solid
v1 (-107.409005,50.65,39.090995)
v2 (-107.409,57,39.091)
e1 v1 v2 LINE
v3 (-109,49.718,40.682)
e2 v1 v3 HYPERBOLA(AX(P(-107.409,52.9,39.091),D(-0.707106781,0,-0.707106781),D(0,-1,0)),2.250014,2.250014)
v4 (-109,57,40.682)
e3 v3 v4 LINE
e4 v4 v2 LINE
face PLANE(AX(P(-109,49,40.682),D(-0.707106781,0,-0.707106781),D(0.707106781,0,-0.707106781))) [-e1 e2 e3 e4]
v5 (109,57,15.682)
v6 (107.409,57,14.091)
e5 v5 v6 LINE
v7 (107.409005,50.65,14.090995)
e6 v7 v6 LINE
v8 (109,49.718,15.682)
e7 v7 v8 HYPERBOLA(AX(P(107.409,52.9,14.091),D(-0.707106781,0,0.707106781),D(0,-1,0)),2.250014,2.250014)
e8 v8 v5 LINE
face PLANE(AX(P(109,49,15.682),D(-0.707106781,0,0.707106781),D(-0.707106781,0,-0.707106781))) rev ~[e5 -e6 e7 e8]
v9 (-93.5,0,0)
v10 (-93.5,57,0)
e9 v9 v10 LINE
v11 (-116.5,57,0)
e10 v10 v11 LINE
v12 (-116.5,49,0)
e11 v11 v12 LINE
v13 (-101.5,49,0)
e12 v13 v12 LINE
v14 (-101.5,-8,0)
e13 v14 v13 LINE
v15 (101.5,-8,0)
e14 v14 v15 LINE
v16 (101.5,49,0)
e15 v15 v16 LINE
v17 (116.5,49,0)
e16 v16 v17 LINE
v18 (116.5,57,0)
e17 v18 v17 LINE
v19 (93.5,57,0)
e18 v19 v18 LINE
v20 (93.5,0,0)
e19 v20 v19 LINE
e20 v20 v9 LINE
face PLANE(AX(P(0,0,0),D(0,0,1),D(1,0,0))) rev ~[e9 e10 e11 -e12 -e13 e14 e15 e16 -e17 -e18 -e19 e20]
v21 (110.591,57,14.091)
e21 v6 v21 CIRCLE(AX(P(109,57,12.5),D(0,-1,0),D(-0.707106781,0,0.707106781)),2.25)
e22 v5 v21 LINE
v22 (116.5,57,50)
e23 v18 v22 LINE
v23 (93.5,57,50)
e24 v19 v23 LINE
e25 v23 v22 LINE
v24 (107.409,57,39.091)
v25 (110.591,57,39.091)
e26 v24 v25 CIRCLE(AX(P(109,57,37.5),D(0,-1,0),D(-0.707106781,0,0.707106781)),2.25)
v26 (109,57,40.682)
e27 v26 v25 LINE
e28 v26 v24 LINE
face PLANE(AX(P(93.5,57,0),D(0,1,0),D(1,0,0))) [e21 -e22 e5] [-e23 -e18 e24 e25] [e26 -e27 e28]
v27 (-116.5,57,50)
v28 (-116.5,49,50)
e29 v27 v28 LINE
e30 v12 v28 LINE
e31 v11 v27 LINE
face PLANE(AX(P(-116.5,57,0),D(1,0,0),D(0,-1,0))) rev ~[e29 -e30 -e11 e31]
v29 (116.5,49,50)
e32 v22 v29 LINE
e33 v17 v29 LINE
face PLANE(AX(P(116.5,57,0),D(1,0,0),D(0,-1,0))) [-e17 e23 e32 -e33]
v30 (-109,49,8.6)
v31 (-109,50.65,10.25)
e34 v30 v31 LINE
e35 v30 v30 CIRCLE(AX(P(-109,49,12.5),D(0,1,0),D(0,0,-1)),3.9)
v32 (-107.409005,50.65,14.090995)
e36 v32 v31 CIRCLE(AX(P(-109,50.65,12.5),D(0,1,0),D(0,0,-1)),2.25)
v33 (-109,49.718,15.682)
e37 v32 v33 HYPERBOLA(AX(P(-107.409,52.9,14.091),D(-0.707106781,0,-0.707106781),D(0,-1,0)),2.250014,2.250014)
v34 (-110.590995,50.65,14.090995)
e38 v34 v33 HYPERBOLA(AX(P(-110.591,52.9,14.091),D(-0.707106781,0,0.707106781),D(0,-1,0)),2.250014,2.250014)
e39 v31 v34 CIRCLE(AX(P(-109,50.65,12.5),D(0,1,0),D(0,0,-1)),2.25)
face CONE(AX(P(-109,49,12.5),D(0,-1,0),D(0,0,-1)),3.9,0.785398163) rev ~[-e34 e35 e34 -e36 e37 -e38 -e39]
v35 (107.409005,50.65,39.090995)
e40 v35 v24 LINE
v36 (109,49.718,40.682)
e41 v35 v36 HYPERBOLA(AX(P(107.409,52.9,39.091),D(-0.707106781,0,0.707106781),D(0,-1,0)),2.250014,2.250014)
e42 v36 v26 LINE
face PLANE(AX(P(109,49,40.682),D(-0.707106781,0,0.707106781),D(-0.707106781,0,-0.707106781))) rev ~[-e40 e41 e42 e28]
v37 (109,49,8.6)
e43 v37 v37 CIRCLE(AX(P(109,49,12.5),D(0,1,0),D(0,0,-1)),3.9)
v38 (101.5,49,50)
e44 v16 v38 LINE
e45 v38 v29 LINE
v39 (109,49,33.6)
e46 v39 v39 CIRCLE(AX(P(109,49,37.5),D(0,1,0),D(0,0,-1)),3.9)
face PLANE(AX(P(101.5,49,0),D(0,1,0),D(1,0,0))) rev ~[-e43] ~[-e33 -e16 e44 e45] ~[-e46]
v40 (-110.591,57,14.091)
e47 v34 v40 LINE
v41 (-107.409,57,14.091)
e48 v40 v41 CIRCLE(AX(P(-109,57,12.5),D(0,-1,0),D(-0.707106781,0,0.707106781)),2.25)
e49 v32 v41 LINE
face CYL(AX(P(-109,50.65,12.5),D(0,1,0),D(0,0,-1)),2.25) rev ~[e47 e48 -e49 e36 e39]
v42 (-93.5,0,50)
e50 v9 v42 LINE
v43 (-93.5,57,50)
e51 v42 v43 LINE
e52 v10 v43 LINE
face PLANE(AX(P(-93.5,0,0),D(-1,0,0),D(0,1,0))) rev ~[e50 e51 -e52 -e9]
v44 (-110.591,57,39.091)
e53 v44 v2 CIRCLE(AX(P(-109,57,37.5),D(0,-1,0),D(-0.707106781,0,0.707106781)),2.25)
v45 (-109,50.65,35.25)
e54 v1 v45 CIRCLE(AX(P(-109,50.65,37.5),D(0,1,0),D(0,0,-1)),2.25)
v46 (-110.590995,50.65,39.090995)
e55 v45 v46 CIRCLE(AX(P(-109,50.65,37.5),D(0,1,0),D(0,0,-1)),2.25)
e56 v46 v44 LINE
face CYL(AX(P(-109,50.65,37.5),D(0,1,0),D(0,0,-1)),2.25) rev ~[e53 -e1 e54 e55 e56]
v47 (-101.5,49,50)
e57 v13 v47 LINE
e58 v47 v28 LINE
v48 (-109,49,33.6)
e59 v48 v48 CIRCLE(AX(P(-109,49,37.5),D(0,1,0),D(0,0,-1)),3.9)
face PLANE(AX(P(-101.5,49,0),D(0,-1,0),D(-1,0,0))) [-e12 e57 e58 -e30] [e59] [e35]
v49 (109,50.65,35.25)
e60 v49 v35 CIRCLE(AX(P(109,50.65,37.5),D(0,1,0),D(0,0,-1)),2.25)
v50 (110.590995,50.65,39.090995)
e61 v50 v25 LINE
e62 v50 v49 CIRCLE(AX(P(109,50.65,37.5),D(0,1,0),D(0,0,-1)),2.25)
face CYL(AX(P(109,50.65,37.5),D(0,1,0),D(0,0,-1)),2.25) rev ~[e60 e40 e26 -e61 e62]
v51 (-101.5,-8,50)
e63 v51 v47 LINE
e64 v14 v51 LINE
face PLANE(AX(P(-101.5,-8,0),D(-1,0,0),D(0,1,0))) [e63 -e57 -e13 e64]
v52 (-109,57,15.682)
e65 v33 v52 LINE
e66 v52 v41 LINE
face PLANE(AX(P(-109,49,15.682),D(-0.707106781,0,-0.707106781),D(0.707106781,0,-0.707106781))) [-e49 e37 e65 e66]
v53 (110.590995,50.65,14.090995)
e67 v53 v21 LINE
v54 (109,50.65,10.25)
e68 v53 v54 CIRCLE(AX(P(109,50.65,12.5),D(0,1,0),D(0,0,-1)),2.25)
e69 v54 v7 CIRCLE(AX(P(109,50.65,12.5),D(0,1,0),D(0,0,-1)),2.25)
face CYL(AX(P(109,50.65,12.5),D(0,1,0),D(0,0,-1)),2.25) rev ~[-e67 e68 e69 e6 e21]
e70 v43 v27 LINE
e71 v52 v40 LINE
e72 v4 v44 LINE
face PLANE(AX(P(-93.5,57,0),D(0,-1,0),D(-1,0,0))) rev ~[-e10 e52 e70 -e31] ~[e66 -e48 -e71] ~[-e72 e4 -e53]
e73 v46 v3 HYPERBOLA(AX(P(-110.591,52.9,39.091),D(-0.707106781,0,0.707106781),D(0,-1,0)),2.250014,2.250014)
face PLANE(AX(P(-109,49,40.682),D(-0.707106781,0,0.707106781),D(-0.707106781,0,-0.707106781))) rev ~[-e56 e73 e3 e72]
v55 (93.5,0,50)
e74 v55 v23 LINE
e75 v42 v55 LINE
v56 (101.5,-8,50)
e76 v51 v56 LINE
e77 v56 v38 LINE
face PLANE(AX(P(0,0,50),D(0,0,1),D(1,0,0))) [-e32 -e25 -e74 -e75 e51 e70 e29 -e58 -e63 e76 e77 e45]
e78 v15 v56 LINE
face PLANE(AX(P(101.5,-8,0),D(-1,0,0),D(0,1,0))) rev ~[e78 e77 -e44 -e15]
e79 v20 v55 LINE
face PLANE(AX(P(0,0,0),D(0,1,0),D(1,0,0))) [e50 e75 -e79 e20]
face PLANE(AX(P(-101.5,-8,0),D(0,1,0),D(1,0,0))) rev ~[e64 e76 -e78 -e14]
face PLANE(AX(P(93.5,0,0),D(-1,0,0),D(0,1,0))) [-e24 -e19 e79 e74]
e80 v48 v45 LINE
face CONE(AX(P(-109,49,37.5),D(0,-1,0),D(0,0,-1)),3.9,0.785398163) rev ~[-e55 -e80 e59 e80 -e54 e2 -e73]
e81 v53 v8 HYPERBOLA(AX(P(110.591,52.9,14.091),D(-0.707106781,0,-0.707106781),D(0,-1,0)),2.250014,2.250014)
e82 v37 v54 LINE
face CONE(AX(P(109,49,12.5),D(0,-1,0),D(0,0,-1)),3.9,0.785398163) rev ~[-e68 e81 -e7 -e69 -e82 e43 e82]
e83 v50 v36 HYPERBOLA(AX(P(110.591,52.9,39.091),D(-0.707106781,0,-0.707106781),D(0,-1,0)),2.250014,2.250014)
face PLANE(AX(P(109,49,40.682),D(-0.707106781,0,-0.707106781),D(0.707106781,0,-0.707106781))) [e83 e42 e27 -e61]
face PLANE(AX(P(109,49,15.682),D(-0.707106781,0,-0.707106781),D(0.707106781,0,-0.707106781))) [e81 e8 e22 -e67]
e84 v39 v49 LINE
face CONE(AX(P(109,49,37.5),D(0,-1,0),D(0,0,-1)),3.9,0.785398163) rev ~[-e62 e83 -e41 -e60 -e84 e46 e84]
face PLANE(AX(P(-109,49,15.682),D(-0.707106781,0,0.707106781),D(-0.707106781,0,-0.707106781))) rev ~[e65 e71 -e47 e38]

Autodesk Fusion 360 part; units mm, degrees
sketch "Outline" plane through (0, 0, 0) normal (0, 0, 1) x (1, 0, 0)
  line L0 (0, 0) -> (0, 56.9537) construction
  line L1 (0, 0) -> (93.5, 0)
  line L2 (93.5, 0) -> (93.5, 57)
  line L3 (93.5, 57) -> (116.5, 57)
  line L4 (116.5, 57) -> (116.5, 49)
  line L5 (-93.5, 57) -> (-116.5, 57)
  line L6 (-93.5, 0) -> (-93.5, 57)
  line L7 (0, 0) -> (-93.5, 0)
  line L8 (-101.5, -8) -> (-101.5, 49)
  line L9 (-101.5, 49) -> (-116.5, 49)
  line L10 (-116.5, 57) -> (-116.5, 49)
  line L11 (101.5, -8) -> (101.5, 49)
  line L12 (101.5, 49) -> (116.5, 49)
  line L13 (-101.5, -8) -> (101.5, -8)
  dimension "d2" = 187
  dimension "d3" = 57
  dimension "d6" = 23
  dimension "d8" = 8
  dimension "d9" = 8
  dimension "d10" = 8
extrude "Extrude1" add sketch "Outline" along normal blind 50
sketch "Holes for Mounting" plane through (0, 49, 0) normal (0, -1, 0) x (1, 0, 0)
  line L0 (-116.5, 0) -> (-101.5, 0)
  line L1 (-101.5, 0) -> (-101.5, 50)
  line L2 (-101.5, 50) -> (-116.5, 50)
  line L3 (-116.5, 50) -> (-116.5, 0)
  line L4 (101.5, 0) -> (116.5, 0)
  line L5 (116.5, 0) -> (116.5, 50)
  line L6 (116.5, 50) -> (101.5, 50)
  line L7 (101.5, 50) -> (101.5, 0)
  line L8 (0, 0) -> (0, 29.5518) construction
  line L9 (-109, 50) -> (-109, 0) construction
  circle A0 centre (-109, 12.5) radius 4
  line L10 (-116.5, 25) -> (-101.5, 25) construction
  circle A1 centre (-109, 37.5) radius 4
  circle A2 centre (109, 12.5) radius 4
  circle A3 centre (109, 37.5) radius 4
  dimension "d13" = 25
  dimension "d14" = 8
hole "Hole1" at (-109, 49, 12.5) at (-109, 49, 37.5) at (109, 49, 12.5) at (109, 49, 37.5) direction (0, 1, 0) diameter 4.5 depth 15 tip angle 118 countersink diameter 7.8 countersink angle 90
sketch "Make those holes 3d printable" plane through (0, 49, 0) normal (0, -1, 0) x (1, 0, 0)
  circle A0 centre (-109, 37.5) radius 2.25
  circle A1 centre (-109, 12.5) radius 2.25
  circle A2 centre (-109, 12.5) radius 3.9
  circle A3 centre (-109, 37.5) radius 3.9
  line L0 (-116.5, 0) -> (-101.5, 0)
  line L1 (-101.5, 0) -> (-101.5, 50)
  line L2 (-101.5, 50) -> (-116.5, 50)
  line L3 (-116.5, 50) -> (-116.5, 0)
  circle A4 centre (109, 12.5) radius 2.25
  circle A5 centre (109, 12.5) radius 3.9
  circle A6 centre (109, 37.5) radius 3.9
  line L4 (101.5, 0) -> (116.5, 0)
  line L5 (116.5, 0) -> (116.5, 50)
  line L6 (116.5, 50) -> (101.5, 50)
  line L7 (101.5, 50) -> (101.5, 0)
  circle A7 centre (109, 37.5) radius 2.25
  line L8 (0, 0) -> (0, 31.3528) construction
  line L9 (-109, 12.5) -> (-109, 37.5) construction
  line L10 (-109, 15.682) -> (-107.409, 14.091)
  line L11 (-109, 15.682) -> (-110.591, 14.091)
  line L12 (-109, 37.5) -> (-109, 47.9653) construction
  line L13 (-109, 40.682) -> (-107.409, 39.091)
  line L14 (-109, 40.682) -> (-110.591, 39.091)
  line L15 (109, 40.682) -> (110.591, 39.091)
  line L16 (109, 40.682) -> (107.409, 39.091)
  line L17 (109, 15.682) -> (110.591, 14.091)
  line L18 (109, 15.682) -> (107.409, 14.091)
extrude "Extrude2" cut sketch "Make those holes 3d printable" against normal blind 8 contours A0 L13 L14 | A1 L10 L11 | A4 L17 L18 | A7 L15 L16
equation "d6 = 15 mm + 8 mm"
equation "d9 = d8"
equation "d10 = d8"
